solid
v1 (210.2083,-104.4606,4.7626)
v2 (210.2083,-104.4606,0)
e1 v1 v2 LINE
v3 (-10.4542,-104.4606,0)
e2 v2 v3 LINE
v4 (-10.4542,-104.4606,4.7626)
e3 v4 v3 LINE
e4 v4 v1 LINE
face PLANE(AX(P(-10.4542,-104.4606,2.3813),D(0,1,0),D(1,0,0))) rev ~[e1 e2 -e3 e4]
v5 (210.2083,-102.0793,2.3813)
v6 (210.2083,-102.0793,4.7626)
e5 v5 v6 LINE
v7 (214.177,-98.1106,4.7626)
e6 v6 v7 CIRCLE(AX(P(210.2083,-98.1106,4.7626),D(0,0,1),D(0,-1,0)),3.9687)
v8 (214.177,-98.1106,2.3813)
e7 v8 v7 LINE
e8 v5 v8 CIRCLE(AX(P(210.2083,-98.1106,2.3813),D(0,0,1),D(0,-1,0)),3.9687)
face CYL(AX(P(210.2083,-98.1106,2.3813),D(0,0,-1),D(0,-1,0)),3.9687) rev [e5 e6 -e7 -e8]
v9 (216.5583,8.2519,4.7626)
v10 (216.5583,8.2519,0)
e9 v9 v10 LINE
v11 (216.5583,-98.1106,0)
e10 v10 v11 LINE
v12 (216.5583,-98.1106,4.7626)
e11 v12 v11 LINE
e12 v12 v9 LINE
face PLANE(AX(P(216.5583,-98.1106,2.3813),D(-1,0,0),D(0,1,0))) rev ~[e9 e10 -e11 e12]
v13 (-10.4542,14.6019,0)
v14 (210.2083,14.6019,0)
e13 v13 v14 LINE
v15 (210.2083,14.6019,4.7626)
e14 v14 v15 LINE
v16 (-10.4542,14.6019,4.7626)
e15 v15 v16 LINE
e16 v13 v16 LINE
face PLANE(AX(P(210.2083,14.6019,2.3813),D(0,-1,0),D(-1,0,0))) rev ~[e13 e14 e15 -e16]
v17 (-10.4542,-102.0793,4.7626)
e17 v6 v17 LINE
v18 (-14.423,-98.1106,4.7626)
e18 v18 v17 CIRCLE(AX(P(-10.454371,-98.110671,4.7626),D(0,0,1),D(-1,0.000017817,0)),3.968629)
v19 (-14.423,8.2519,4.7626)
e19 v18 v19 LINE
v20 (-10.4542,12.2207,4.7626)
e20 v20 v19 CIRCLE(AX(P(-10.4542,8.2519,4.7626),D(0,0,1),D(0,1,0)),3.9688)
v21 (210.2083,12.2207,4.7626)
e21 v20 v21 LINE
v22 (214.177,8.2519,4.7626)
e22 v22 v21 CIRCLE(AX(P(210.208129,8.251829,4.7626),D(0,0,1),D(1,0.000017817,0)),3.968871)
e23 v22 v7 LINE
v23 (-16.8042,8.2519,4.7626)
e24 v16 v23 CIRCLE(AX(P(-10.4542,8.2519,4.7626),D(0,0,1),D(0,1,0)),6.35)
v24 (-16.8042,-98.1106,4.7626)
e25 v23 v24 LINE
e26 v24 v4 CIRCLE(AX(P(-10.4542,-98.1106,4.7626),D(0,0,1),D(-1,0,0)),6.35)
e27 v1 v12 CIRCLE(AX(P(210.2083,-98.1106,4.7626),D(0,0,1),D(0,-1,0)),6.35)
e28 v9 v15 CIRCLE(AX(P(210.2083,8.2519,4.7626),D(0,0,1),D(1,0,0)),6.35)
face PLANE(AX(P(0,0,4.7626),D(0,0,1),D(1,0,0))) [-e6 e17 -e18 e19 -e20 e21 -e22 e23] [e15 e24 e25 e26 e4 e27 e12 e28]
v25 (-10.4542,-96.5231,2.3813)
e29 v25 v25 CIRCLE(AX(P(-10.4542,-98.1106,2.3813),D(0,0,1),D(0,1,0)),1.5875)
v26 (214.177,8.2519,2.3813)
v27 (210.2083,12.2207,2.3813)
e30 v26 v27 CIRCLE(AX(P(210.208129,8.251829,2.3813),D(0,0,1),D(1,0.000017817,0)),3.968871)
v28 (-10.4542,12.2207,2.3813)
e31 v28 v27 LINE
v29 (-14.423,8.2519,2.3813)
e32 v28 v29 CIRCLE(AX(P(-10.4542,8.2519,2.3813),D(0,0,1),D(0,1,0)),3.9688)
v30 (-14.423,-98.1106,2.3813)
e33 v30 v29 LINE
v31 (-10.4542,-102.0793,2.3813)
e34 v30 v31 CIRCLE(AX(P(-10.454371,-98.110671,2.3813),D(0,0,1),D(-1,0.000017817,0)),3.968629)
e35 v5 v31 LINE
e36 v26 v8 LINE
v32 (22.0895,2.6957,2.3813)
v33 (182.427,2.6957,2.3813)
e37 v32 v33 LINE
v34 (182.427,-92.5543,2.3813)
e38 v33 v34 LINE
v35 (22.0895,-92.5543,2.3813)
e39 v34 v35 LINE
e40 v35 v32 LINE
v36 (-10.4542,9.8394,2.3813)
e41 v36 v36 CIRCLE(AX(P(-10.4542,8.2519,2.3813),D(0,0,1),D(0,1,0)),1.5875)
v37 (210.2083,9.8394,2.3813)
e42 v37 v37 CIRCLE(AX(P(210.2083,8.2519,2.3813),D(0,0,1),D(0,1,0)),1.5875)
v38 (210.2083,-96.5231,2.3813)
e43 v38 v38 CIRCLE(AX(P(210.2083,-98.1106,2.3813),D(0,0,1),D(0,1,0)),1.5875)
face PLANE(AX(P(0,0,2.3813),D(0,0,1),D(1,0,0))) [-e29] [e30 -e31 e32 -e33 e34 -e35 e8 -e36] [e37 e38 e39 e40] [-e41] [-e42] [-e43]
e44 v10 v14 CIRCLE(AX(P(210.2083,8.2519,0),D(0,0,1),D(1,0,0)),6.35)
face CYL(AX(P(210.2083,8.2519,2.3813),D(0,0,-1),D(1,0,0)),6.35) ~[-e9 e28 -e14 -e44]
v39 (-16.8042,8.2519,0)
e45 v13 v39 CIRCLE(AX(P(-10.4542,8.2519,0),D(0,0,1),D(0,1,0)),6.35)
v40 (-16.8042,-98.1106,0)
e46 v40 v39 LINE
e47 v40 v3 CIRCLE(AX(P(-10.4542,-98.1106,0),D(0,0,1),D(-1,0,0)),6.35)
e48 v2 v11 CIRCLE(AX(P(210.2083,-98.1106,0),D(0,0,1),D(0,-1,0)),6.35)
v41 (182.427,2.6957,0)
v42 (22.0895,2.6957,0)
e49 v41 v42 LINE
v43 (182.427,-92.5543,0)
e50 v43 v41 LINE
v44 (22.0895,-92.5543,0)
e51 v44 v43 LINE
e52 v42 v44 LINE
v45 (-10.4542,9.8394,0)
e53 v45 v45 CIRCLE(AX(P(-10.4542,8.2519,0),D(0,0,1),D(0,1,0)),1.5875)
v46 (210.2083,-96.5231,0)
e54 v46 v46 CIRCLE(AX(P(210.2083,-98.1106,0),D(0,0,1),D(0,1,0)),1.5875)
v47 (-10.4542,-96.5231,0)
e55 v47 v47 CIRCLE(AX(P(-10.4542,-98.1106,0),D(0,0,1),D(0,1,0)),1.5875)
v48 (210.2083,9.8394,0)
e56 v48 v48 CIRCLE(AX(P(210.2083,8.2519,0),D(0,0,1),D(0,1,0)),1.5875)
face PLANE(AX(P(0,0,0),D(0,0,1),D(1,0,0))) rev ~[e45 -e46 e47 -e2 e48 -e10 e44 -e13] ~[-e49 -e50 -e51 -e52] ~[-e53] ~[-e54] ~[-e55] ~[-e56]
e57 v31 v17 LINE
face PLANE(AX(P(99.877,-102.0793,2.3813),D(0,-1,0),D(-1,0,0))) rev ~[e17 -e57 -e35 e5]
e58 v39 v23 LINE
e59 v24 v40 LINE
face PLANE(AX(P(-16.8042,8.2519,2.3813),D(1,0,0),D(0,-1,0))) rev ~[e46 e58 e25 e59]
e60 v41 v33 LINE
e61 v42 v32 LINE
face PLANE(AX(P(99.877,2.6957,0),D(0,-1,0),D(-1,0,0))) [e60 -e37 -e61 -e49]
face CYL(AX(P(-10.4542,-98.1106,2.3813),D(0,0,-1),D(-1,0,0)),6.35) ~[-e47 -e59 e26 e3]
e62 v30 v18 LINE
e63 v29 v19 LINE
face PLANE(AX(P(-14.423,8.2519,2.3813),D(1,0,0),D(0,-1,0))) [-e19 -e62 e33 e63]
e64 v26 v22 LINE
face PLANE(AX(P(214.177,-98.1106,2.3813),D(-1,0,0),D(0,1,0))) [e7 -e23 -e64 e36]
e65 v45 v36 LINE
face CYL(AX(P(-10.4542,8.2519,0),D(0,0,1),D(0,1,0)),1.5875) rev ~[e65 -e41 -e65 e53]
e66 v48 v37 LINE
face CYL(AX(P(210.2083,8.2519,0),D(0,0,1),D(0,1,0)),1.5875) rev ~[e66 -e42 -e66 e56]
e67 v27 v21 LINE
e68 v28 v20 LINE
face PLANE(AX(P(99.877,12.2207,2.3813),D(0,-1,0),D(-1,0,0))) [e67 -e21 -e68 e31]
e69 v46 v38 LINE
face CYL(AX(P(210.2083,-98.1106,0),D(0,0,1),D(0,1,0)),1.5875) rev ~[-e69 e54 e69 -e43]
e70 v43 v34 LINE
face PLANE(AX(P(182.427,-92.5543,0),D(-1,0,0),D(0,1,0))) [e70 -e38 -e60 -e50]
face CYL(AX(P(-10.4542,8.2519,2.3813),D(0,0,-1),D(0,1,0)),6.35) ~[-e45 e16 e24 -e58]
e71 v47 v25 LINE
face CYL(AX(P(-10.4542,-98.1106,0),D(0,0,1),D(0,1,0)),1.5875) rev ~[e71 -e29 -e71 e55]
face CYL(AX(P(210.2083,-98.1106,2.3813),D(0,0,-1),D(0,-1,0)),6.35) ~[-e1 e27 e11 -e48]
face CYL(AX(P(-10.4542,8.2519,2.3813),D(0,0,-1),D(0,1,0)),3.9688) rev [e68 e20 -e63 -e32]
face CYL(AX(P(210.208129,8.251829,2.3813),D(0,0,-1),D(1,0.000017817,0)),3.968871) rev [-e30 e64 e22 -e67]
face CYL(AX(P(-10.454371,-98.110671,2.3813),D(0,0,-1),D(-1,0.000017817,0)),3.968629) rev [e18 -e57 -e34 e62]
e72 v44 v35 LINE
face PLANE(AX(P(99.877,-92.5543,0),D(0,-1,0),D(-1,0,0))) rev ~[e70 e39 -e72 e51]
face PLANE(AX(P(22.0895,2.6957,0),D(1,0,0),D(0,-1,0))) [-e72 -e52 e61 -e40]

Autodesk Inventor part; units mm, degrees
ref_plane "YZ Plane" through (0, 0, 0) normal (1, 0, 0) x (0, 1, 0)
ref_plane "XZ Plane" through (0, 0, 0) normal (0, 1, 0) x (-1, 0, 0)
ref_plane "XY Plane" through (0, 0, 0) normal (0, 0, 1) x (1, 0, 0)
sketch "Sketch1" plane through (0, 0, 0) normal (0, 0, 1) x (1, 0, 0)
  line L0 (-10.4542, 14.6019) -> (210.2083, 14.6019)
  line L1 (216.5583, 8.2519) -> (216.5583, -98.1106)
  line L2 (210.2083, -104.4606) -> (-10.4542, -104.4606)
  line L3 (-16.8042, -98.1106) -> (-16.8042, 8.2519)
  line L4 (99.877, 12.2207) -> (-10.4542, 12.2207)
  line L5 (-14.423, 8.2519) -> (-14.423, -44.9293)
  line L6 (99.877, 12.2207) -> (210.2083, 12.2207)
  line L7 (214.177, 8.2519) -> (214.177, -44.9293)
  line L8 (99.877, -102.0793) -> (210.2083, -102.0793)
  line L9 (214.177, -98.1106) -> (214.177, -44.9293)
  line L10 (99.877, -102.0793) -> (-10.4542, -102.0793)
  line L11 (-14.423, -98.1106) -> (-14.423, -44.9293)
  arc A0 (-10.4542, 14.6019) -> (-16.8042, 8.2519) centre (-10.4542, 8.2519) ccw
  arc A1 (216.5583, 8.2519) -> (210.2083, 14.6019) centre (210.2083, 8.2519) ccw
  arc A2 (210.2083, -104.4606) -> (216.5583, -98.1106) centre (210.2083, -98.1106) ccw
  arc A3 (-16.8042, -98.1106) -> (-10.4542, -104.4606) centre (-10.4542, -98.1106) ccw
  arc A4 (-10.4542, 12.2207) -> (-14.423, 8.2519) centre (-10.4542, 8.2519) ccw
  arc A5 (214.177, 8.2519) -> (210.2083, 12.2207) centre (210.2083, 8.2519) ccw
  arc A6 (210.2083, -102.0793) -> (214.177, -98.1106) centre (210.2083, -98.1106) ccw
  arc A7 (-14.423, -98.1106) -> (-10.4542, -102.0793) centre (-10.4542, -98.1106) ccw
  line L12 (99.877, 2.6957) -> (22.0895, 2.6957)
  line L13 (22.0895, 2.6957) -> (22.0895, -44.9293)
  line L14 (99.877, 2.6957) -> (182.427, 2.6957)
  line L15 (182.427, 2.6957) -> (182.427, -44.9293)
  line L16 (99.877, -92.5543) -> (182.427, -92.5543)
  line L17 (182.427, -92.5543) -> (182.427, -44.9293)
  line L18 (99.877, -92.5543) -> (22.0895, -92.5543)
  line L19 (22.0895, -92.5543) -> (22.0895, -44.9293)
  point P0 (0, 0)
  point P1 (-16.8042, 14.6019)
  point P2 (216.5583, -104.4606)
  point P3 (216.5583, 14.6019)
  point P4 (-16.8042, -104.4606)
  dimension "d0" = 233.3625
  dimension "d1" = 119.0625
  dimension "d9" = 6.35
  dimension "d10" = 3.9688
  dimension "d37" = 31.75
  dimension "d38" = 36.5125
  dimension "d39" = 9.525
  dimension "d40" = 9.525
extrude "Extrusion5" add sketch "Sketch1" along normal blind 2.3813 contours L0 A1 L1 A2 L2 A3 L3 A0 | L6 A5 L7 L9 A6 L8 L10 A7 L11 L5 A4 L4
sketch "Sketch6" plane through (0, 0, 2.3813) normal (0, 0, 1) x (1, 0, 0)
  line L0 (210.2083, 14.6019) -> (-10.4542, 14.6019) projected
  arc A0 (-10.4542, 14.6019) -> (-16.8042, 8.2519) centre (-10.4542, 8.2519) ccw projected
  line L1 (-16.8042, 8.2519) -> (-16.8042, -98.1106) projected
  arc A1 (-16.8042, -98.1106) -> (-10.4542, -104.4606) centre (-10.4542, -98.1106) ccw projected
  line L2 (-10.4542, -104.4606) -> (210.2083, -104.4606) projected
  arc A2 (210.2083, -104.4606) -> (216.5583, -98.1106) centre (210.2083, -98.1106) ccw projected
  line L3 (216.5583, -98.1106) -> (216.5583, 8.2519) projected
  arc A3 (216.5583, 8.2519) -> (210.2083, 14.6019) centre (210.2083, 8.2519) ccw projected
  line L4 (99.877, 12.2207) -> (-10.4542, 12.2207)
  line L5 (-14.423, 8.2519) -> (-14.423, -44.9293)
  line L6 (99.877, 12.2207) -> (210.2083, 12.2207)
  line L7 (214.177, 8.2519) -> (214.177, -44.9293)
  line L8 (99.877, -102.0793) -> (210.2083, -102.0793)
  line L9 (214.177, -98.1106) -> (214.177, -44.9293)
  line L10 (99.877, -102.0793) -> (-10.4542, -102.0793)
  line L11 (-14.423, -98.1106) -> (-14.423, -44.9293)
  arc A4 (-10.4542, 12.2207) -> (-14.423, 8.2519) centre (-10.4542, 8.2519) ccw
  arc A5 (214.177, 8.2519) -> (210.2083, 12.2207) centre (210.2083, 8.2519) ccw
  arc A6 (210.2083, -102.0793) -> (214.177, -98.1106) centre (210.2083, -98.1106) ccw
  arc A7 (-14.423, -98.1106) -> (-10.4542, -102.0793) centre (-10.4542, -98.1106) ccw
  point P0 (0, 0)
  dimension "d47" = 3.9688
extrude "Extrusion6" add sketch "Sketch6" along normal blind 2.3813
sketch "Sketch12" plane through (0, 0, 0) normal (0, 0, -1) x (-1, 0, 0)
  arc A0 (-210.2083, 14.6019) -> (-216.5583, 8.2519) centre (-210.2083, 8.2519) ccw projected
  arc A1 (-216.5583, -98.1106) -> (-210.2083, -104.4606) centre (-210.2083, -98.1106) ccw projected
  arc A2 (10.4542, -104.4606) -> (16.8042, -98.1106) centre (10.4542, -98.1106) ccw projected
  arc A3 (16.8042, 8.2519) -> (10.4542, 14.6019) centre (10.4542, 8.2519) ccw projected
  point P0 (0, 0)
hole "Hole2" at (210.2083, 8.2519, 0) at (-10.4542, 8.2519, 0) at (-10.4542, -98.1106, 0) at (210.2083, -98.1106, 0) direction (0, 0, 1) diameter 3.175 end through all
properties part number "Master Tablet Cover"
